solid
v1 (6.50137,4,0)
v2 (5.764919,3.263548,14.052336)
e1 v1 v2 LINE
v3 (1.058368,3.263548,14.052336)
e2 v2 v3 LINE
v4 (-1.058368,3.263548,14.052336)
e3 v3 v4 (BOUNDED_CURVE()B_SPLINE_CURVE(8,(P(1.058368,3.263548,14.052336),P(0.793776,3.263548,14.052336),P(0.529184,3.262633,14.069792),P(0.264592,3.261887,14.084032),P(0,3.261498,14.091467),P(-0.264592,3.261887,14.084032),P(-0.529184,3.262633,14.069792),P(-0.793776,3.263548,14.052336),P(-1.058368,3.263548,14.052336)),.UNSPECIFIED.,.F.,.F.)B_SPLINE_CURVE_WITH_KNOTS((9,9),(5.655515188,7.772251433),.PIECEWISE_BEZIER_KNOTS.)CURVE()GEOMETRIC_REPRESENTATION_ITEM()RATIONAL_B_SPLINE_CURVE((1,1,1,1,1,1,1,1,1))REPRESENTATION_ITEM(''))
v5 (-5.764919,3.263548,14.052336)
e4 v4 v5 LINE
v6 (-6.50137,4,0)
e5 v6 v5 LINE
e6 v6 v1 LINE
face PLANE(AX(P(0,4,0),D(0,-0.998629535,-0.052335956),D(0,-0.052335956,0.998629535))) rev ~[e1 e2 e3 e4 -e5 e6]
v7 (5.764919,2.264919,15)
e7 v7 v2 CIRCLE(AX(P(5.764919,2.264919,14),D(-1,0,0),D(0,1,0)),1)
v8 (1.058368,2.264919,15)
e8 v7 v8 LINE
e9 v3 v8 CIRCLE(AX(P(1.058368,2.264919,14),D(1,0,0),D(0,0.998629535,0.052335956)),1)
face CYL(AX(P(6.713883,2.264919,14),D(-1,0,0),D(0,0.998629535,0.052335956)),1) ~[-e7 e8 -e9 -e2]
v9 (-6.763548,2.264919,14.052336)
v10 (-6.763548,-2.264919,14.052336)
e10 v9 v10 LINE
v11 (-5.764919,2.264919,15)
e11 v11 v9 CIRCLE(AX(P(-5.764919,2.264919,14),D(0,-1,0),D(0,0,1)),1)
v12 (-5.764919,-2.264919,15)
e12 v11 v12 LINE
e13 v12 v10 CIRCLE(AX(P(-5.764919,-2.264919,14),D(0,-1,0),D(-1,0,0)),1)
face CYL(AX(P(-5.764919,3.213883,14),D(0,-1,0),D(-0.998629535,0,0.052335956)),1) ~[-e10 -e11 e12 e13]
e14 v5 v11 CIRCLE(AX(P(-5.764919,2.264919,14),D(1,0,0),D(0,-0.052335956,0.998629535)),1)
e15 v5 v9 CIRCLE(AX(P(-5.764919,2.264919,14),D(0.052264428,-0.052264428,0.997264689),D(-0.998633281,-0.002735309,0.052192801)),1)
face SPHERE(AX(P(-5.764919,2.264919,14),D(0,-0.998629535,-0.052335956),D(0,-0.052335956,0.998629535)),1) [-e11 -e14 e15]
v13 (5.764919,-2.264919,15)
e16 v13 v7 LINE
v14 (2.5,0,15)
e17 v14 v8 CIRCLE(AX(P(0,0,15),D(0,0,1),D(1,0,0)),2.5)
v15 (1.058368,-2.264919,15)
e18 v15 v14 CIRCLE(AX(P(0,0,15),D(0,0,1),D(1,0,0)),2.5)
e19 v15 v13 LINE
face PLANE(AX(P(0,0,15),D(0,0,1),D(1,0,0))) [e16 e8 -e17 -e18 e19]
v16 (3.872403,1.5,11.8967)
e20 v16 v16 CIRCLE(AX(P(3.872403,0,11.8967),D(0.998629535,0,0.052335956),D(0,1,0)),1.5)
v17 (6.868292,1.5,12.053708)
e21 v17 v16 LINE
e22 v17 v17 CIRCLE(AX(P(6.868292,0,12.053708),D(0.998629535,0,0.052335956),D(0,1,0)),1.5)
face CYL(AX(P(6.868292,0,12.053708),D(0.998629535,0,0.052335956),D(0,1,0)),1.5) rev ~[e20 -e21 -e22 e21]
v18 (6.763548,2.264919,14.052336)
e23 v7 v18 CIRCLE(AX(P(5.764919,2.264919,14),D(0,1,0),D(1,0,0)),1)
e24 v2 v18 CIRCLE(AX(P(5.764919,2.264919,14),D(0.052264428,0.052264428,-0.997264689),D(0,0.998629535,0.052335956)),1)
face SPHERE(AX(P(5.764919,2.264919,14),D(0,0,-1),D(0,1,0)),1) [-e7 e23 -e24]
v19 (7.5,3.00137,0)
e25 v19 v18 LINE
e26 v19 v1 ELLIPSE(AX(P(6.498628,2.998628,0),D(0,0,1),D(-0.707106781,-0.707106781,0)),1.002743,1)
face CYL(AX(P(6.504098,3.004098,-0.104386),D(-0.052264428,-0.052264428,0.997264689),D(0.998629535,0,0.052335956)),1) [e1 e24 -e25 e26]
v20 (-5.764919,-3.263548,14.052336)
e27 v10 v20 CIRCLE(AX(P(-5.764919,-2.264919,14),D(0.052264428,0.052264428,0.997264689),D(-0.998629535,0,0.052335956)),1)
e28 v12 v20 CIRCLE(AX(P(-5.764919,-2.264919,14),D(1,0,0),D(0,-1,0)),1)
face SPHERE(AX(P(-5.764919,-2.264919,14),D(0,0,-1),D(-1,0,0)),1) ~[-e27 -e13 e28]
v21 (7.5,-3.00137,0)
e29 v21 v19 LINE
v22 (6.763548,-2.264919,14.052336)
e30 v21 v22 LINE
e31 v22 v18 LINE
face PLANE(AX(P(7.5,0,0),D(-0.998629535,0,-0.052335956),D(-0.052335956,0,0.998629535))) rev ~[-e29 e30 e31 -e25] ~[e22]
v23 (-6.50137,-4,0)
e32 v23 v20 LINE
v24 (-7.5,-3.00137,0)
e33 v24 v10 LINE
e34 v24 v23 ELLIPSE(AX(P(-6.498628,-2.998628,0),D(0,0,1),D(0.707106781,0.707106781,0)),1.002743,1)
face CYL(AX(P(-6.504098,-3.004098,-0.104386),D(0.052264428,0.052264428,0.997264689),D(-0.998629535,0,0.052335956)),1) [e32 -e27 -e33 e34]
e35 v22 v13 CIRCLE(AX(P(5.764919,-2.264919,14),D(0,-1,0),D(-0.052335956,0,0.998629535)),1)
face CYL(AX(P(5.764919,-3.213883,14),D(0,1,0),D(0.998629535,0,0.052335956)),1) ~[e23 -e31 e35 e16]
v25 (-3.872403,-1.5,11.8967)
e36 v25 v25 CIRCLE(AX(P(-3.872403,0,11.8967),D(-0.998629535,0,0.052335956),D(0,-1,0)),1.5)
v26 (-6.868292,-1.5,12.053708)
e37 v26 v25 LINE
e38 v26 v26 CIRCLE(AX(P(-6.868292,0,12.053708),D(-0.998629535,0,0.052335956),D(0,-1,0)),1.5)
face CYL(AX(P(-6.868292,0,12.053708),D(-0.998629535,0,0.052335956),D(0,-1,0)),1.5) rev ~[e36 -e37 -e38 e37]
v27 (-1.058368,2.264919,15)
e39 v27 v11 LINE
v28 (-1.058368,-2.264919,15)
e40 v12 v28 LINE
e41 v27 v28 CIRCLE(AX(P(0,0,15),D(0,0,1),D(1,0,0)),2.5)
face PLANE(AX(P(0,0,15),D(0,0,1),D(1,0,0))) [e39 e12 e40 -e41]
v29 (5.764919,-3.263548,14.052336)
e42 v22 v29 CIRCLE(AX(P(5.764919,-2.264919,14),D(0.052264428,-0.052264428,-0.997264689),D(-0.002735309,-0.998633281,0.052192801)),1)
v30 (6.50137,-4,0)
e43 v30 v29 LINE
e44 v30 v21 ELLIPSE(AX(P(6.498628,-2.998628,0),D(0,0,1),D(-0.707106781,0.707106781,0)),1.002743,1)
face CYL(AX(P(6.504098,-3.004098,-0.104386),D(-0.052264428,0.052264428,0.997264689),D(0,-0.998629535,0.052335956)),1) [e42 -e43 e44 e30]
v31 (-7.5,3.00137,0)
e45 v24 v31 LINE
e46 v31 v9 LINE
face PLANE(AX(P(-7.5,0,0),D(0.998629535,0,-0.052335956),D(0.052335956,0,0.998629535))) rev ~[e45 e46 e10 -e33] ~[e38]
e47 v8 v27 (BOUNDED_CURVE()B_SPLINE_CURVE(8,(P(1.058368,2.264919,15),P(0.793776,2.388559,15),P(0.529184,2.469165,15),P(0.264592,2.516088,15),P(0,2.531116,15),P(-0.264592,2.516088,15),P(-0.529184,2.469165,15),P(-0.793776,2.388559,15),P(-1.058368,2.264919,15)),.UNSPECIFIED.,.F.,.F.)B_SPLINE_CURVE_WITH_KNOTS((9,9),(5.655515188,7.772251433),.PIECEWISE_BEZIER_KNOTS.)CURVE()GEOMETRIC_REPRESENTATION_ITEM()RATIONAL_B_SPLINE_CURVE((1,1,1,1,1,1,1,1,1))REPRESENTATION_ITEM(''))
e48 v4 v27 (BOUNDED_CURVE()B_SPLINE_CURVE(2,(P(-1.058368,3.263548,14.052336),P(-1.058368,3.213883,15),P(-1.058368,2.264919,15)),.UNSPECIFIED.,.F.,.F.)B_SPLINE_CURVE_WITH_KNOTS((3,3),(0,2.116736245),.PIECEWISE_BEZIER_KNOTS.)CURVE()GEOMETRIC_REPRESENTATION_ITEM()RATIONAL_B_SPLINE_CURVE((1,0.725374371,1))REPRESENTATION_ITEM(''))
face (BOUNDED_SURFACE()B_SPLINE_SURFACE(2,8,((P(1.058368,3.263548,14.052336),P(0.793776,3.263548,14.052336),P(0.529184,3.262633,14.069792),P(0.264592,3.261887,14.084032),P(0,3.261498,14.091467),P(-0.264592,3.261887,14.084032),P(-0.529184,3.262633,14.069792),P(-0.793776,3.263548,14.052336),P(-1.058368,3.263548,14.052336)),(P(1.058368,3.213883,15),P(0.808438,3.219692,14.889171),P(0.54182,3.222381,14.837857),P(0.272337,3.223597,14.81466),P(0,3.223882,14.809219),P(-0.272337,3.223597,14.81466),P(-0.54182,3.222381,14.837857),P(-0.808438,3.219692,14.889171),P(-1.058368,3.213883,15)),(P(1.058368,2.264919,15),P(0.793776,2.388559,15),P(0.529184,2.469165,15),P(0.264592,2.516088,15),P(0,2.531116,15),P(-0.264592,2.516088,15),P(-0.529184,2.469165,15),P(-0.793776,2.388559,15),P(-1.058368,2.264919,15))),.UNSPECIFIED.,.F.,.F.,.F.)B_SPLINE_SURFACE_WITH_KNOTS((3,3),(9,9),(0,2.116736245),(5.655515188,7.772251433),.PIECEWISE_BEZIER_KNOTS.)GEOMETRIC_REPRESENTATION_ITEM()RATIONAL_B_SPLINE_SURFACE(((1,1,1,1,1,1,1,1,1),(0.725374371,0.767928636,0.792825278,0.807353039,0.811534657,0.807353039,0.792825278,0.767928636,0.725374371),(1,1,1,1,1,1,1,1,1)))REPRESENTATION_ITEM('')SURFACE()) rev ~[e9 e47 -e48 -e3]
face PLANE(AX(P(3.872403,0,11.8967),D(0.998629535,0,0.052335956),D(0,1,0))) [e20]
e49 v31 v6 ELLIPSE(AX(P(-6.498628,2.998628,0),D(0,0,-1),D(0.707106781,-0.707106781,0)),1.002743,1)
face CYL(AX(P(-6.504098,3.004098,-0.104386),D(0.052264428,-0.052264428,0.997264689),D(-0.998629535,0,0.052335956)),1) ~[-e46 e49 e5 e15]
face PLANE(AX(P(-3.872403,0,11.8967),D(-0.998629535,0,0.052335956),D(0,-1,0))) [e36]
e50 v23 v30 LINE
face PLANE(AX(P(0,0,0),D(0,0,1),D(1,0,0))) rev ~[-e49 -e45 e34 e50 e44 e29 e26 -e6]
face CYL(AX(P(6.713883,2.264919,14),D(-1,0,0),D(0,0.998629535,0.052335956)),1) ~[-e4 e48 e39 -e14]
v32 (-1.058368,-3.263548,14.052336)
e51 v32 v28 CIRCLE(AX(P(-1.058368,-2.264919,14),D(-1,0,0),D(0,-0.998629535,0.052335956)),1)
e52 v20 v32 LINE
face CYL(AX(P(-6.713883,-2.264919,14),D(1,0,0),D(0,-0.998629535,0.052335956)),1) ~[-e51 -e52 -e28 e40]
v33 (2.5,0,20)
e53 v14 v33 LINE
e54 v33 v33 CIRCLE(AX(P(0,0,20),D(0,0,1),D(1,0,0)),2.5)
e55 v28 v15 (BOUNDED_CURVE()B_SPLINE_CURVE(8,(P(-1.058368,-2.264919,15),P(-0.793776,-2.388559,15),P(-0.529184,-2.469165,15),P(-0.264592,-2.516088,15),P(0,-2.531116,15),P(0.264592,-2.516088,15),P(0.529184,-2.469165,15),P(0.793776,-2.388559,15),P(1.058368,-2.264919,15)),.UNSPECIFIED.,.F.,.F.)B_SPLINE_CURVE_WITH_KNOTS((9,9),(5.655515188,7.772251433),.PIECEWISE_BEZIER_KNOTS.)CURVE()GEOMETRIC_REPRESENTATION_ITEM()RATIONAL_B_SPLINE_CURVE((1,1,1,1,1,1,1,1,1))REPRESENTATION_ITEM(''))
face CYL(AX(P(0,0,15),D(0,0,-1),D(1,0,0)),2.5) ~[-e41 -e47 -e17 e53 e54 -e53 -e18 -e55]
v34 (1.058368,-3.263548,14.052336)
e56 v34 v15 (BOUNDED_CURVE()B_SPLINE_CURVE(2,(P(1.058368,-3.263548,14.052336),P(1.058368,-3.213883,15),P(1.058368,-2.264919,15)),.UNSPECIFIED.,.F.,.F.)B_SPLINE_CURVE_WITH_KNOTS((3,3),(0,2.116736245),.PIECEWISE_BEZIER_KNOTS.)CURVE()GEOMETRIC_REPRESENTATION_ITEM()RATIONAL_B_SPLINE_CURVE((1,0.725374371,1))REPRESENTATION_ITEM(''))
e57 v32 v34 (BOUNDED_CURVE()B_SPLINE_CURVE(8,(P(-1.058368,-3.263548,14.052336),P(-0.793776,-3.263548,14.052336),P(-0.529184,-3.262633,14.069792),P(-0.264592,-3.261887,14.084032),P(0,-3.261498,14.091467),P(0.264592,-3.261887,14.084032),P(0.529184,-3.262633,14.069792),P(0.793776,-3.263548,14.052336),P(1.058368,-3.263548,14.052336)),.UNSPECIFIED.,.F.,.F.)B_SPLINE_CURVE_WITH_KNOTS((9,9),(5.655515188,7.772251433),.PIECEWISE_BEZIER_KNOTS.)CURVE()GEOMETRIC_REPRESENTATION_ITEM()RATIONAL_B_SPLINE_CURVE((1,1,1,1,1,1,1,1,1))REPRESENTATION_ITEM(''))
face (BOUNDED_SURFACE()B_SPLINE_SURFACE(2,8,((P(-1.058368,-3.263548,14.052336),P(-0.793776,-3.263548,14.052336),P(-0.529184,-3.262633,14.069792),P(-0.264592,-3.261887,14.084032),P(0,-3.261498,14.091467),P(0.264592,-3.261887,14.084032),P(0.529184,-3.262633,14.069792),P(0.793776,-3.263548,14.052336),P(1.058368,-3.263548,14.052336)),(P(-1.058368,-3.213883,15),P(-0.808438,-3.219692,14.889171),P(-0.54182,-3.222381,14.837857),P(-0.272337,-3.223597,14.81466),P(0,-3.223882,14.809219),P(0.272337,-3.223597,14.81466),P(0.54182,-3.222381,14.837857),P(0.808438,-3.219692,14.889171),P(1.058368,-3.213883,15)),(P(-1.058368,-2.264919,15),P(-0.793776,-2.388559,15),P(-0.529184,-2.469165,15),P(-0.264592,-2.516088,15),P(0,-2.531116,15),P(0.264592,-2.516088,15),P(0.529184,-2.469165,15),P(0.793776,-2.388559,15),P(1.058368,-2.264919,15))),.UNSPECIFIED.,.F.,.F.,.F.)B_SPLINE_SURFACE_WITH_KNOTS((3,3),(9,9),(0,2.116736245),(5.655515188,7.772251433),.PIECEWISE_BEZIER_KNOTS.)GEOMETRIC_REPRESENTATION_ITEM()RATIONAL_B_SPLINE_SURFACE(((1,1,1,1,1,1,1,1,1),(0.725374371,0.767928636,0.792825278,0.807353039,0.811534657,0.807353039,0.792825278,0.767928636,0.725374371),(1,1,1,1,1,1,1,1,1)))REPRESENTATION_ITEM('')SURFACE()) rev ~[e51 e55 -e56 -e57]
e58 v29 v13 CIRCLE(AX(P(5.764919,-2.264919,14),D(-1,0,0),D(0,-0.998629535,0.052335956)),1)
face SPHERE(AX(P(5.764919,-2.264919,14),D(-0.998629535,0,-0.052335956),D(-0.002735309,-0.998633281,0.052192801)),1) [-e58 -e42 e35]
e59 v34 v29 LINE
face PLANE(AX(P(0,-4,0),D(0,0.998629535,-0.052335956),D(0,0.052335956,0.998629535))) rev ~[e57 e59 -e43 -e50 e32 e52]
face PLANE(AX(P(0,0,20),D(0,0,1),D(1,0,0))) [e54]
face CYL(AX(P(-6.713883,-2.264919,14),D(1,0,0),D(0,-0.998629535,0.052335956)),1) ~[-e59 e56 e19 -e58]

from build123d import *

# Parameters (mm, degrees)
F0_W     = 15
F0_H     = 8
F1_DEPTH = 15
F1_TAPER = 3
F2_R     = 2.5
F3_DEPTH = 5
F4_R     = 1
F5_R     = 1.5
F6_DEPTH = 3
F7_R     = 1.5
F8_DEPTH = 3


with BuildPart() as f1:
    # F0 (on Top) → F1 (new body)
    with BuildSketch(Plane.XY):
        Rectangle(F0_W, F0_H)
    extrude(amount=F1_DEPTH, taper=F1_TAPER)

    # F2 (on face) → F3 (join)
    with BuildSketch(Plane.XY.offset(15)):
        Circle(F2_R)
    extrude(amount=F3_DEPTH)

    # F4
    f4_edges = [f1.edges().sort_by_distance(p)[0] for p in [
        (-7.106942, -3.606942, 7.5),
        (-6.713883, 0, 15),
        (0, -3.213883, 15),
        (7.106942, 3.606942, 7.5),
        (0, 3.213883, 15),
        (-7.106942, 3.606942, 7.5),
        (7.106942, -3.606942, 7.5),
        (6.713883, 0, 15),
    ]]
    fillet(f4_edges, radius=F4_R)

    # F5 (on face) → F6 (cut)
    with BuildSketch(Plane(origin=(7.4794571076, 0, 0.3919817373), x_dir=(0, 1, 0), z_dir=(0.9986295348, 0, 0.0523359562))):
        with Locations((0, 11.6777304862)):
            Circle(F5_R)
    extrude(amount=-F6_DEPTH, mode=Mode.SUBTRACT)

    # F7 (on face) → F8 (cut)
    with BuildSketch(Plane(origin=(-7.4794571076, 0, 0.3919817373), x_dir=(0, -1, 0), z_dir=(-0.9986295348, 0, 0.0523359562))):
        with Locations((0, 11.6777304862)):
            Circle(F7_R)
    extrude(amount=-F8_DEPTH, mode=Mode.SUBTRACT)


solid = f1.part
